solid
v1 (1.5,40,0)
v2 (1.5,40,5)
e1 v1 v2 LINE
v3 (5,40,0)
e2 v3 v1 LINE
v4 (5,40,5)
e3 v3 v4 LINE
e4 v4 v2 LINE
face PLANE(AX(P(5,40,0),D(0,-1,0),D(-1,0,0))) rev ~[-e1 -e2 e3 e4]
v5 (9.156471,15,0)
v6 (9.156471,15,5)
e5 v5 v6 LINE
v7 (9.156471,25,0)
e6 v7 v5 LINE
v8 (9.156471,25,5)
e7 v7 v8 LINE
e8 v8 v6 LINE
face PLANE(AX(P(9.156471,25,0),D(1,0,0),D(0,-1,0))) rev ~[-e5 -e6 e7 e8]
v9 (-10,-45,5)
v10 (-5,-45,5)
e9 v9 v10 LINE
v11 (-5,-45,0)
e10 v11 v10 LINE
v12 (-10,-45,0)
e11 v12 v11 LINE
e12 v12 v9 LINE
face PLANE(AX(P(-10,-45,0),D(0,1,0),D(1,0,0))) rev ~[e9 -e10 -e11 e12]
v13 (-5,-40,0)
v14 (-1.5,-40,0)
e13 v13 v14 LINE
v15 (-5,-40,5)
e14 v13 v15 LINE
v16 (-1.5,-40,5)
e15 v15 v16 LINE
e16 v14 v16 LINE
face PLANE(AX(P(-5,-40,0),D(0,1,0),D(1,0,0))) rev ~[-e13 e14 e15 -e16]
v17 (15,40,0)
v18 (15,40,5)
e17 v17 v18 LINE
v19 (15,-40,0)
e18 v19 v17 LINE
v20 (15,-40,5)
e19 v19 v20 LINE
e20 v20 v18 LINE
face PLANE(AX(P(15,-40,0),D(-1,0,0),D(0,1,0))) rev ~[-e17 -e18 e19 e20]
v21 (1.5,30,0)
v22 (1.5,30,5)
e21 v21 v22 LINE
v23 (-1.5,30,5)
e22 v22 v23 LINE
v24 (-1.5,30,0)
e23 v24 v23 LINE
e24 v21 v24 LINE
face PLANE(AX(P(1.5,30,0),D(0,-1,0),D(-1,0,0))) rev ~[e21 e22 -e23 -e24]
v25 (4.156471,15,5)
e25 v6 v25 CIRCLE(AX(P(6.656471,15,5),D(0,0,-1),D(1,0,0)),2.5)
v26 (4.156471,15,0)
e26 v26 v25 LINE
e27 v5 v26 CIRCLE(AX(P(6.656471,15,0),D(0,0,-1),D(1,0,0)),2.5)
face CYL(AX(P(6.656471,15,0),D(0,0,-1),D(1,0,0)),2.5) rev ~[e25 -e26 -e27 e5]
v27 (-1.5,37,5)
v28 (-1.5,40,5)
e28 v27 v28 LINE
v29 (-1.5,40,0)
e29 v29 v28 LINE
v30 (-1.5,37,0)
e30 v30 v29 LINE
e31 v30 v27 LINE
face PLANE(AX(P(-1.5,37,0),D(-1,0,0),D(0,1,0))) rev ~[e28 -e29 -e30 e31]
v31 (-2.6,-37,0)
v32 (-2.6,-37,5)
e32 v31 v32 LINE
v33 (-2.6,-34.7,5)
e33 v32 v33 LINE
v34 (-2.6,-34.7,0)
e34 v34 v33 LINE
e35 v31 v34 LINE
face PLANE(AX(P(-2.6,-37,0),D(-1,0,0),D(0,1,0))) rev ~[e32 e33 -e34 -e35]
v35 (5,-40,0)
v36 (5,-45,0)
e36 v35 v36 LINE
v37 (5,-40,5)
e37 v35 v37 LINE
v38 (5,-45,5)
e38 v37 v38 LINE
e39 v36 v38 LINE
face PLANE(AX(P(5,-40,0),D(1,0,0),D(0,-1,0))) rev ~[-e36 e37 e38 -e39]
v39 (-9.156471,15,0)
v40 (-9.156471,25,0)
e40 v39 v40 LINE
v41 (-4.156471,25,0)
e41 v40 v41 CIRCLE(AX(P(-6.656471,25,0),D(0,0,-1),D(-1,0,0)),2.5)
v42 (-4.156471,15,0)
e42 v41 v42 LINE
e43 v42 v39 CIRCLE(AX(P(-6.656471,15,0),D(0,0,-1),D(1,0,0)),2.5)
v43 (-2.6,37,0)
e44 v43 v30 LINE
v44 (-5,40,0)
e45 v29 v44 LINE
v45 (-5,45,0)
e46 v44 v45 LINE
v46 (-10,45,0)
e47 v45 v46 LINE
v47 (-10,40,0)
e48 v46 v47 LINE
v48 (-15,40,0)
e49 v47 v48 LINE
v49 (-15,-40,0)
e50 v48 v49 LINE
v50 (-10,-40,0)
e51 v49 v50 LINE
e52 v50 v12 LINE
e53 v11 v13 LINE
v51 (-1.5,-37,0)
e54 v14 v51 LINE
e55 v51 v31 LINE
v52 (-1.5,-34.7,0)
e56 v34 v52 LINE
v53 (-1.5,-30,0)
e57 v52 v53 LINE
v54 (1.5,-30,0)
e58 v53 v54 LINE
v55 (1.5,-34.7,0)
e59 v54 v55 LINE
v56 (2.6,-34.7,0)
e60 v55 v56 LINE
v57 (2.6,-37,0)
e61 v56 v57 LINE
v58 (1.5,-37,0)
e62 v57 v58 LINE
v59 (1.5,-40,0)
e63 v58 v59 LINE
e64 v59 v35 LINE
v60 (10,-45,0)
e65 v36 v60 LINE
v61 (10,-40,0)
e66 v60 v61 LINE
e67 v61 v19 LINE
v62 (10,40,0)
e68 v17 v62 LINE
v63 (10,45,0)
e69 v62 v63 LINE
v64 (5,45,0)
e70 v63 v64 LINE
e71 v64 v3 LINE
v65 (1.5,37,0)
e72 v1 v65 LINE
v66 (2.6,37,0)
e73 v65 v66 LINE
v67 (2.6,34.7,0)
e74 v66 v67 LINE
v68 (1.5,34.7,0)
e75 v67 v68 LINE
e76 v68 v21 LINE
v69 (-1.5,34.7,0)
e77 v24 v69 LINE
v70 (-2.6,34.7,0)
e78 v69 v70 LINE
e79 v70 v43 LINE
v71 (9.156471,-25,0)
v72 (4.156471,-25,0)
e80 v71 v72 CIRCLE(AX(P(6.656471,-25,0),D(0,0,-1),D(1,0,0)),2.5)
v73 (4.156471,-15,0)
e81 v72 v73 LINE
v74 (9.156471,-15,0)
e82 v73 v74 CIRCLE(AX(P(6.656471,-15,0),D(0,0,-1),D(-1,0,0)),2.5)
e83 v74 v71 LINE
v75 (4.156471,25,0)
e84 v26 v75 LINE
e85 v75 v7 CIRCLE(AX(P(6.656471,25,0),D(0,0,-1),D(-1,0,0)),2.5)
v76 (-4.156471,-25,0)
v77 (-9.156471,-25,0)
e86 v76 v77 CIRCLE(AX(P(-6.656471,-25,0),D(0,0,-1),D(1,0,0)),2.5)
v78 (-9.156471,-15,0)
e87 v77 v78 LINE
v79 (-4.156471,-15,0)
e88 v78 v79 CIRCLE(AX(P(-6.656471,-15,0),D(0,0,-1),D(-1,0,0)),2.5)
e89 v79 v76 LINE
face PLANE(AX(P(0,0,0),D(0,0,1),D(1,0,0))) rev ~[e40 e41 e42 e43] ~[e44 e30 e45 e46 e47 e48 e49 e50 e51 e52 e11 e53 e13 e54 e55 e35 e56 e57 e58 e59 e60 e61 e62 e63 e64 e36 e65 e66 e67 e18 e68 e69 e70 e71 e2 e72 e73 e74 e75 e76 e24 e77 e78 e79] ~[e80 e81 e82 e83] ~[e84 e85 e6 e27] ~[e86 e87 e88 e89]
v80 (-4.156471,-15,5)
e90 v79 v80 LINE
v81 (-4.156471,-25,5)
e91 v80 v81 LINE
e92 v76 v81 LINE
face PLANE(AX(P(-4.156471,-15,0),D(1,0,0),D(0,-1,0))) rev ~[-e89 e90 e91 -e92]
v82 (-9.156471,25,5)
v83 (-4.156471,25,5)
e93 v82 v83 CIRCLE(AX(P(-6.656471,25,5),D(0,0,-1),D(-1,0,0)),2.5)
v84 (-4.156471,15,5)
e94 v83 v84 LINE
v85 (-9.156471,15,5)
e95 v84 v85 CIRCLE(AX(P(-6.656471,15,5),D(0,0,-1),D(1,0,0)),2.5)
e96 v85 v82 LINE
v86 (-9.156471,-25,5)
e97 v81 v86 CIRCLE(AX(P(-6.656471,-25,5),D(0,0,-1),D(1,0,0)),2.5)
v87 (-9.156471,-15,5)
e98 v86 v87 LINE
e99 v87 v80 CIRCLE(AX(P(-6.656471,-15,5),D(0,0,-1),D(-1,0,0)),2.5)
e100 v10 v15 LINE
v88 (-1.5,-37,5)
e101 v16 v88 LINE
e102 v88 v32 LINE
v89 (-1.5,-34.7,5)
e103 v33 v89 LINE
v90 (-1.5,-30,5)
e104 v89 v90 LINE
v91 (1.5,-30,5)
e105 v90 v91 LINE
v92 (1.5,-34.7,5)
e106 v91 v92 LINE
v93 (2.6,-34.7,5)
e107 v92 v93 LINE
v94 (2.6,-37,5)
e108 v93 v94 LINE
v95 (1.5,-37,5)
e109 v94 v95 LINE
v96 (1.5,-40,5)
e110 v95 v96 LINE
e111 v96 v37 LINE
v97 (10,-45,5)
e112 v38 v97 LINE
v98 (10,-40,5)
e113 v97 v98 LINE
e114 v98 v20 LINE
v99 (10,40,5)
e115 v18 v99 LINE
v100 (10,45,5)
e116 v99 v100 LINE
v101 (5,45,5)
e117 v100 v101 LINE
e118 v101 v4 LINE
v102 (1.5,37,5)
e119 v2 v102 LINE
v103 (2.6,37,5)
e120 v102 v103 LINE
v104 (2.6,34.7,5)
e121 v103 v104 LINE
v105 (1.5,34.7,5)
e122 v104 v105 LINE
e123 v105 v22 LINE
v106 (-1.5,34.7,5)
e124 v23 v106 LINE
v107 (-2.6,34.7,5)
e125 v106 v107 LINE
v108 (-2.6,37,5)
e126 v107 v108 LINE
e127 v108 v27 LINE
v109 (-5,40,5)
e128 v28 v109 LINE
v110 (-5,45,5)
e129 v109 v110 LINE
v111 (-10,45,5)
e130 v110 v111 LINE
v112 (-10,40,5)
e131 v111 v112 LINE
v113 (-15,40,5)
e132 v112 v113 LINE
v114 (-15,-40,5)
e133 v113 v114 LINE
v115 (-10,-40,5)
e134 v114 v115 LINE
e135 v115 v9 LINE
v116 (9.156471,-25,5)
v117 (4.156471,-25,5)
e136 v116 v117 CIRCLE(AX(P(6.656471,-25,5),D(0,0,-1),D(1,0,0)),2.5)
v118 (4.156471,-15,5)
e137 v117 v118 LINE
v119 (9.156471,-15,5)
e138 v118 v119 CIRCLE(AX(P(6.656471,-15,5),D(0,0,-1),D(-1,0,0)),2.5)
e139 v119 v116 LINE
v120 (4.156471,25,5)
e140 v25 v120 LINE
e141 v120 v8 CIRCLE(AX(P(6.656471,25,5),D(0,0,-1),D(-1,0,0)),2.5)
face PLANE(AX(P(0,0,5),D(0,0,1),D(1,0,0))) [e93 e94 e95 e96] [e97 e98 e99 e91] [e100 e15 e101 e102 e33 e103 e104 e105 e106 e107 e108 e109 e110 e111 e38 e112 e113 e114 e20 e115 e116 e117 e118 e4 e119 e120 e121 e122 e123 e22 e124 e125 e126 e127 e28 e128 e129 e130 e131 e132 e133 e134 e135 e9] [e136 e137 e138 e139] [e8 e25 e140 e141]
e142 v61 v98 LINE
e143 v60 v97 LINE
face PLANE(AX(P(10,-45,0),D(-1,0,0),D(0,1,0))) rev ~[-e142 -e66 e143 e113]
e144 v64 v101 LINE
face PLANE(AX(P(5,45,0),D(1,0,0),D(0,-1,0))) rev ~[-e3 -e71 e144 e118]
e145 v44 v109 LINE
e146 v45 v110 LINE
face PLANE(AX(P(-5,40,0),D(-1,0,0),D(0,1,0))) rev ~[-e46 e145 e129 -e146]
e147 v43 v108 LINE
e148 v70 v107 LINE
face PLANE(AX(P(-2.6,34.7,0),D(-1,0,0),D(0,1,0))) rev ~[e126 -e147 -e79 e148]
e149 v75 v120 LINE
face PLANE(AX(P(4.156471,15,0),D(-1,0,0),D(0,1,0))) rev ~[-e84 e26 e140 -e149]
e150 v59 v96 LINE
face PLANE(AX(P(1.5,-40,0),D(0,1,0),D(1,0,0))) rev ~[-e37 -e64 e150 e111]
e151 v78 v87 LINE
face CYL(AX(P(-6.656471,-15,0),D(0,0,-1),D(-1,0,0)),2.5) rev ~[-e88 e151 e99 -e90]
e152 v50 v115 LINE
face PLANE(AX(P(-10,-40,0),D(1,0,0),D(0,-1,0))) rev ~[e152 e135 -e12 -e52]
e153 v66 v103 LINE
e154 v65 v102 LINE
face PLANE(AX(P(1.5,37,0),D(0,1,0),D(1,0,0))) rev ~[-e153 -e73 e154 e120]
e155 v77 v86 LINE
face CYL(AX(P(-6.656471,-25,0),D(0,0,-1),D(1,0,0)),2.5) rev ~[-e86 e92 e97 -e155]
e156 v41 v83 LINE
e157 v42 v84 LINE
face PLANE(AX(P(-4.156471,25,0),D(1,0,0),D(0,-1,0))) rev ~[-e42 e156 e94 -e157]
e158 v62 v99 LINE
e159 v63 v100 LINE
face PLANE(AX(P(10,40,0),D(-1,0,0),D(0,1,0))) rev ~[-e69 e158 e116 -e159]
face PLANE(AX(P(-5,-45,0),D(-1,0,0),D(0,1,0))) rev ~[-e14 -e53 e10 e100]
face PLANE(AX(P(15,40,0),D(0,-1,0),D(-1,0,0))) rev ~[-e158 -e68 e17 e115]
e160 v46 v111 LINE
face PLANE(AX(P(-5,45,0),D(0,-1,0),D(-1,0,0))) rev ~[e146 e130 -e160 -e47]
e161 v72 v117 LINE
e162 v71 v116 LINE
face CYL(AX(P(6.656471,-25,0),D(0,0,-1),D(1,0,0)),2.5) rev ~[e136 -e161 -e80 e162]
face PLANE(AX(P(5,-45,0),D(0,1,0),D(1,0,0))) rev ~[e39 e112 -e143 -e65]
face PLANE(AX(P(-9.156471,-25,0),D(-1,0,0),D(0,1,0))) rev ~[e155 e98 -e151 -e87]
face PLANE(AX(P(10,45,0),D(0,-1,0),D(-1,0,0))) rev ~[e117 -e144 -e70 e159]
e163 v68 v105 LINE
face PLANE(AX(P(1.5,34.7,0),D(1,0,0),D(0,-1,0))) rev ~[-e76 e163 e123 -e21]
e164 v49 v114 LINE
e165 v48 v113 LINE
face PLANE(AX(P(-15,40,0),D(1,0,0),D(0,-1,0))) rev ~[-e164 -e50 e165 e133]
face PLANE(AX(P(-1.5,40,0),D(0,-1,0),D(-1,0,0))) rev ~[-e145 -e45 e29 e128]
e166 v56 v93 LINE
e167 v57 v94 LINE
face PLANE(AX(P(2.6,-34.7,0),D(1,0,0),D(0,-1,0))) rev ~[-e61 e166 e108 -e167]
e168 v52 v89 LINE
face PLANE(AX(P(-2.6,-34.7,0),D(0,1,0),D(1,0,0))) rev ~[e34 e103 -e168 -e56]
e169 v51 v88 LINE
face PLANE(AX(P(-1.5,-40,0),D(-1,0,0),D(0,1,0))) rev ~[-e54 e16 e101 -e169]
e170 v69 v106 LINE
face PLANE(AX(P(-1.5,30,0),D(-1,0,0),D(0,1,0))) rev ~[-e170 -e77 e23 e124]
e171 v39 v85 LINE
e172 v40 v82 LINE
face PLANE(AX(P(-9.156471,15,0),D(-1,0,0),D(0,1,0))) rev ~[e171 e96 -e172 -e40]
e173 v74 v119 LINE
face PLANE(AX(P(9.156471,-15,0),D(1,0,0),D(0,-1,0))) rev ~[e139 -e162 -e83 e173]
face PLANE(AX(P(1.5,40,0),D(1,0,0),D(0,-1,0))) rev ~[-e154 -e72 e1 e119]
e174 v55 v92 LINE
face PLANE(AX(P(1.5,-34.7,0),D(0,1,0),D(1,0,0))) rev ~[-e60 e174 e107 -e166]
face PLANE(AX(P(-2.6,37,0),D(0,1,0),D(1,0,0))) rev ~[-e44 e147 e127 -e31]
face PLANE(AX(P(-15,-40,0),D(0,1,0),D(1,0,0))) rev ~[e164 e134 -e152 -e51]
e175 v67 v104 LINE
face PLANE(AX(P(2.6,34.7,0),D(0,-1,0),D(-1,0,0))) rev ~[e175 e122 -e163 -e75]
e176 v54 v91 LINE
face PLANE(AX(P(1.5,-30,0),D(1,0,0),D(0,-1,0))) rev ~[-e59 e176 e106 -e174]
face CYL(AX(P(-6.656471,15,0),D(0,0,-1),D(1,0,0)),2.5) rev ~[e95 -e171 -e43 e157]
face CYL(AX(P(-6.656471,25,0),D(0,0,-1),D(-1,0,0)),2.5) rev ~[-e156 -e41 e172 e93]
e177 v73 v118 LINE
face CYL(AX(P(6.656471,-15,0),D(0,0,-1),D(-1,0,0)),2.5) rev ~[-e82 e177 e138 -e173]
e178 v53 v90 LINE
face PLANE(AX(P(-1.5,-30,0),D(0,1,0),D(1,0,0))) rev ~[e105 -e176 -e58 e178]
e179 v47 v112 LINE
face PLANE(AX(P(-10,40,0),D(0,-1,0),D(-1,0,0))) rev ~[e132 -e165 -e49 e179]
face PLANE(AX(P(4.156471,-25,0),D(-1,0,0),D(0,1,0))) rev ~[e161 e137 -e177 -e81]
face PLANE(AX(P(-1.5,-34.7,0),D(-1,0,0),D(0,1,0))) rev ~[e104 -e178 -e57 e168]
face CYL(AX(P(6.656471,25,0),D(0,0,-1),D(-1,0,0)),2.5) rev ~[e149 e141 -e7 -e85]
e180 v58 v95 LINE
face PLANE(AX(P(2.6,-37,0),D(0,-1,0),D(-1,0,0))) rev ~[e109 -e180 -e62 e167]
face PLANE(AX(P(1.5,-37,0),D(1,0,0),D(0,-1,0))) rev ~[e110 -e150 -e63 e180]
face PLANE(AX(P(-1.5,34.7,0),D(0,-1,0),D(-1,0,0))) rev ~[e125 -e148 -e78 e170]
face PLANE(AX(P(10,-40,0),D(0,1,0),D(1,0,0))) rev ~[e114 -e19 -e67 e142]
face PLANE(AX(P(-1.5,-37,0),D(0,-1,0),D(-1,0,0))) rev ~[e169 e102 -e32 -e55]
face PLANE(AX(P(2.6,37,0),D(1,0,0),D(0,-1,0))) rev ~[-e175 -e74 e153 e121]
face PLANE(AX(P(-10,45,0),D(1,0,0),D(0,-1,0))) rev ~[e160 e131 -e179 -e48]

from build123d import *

# Parameters (mm, degrees)
BOSS_EXTRUDE1_DEPTH = 5


with BuildPart() as part:
    # Sketch1 → Boss-Extrude1 (new body)
    with BuildSketch(Plane.XY):
        Polygon((-10, 40), (-15, 40), (-15, -40), (-10, -40), (-10, -45), (-5, -45), (-5, -40), (-1.5, -40), (-1.5, -37), (-2.6, -37), (-2.6, -34.7), (-1.5, -34.7), (-1.5, -30), (1.5, -30), (1.5, -34.7), (2.6, -34.7), (2.6, -37), (1.5, -37), (1.5, -40), (5, -40), (5, -45), (10, -45), (10, -40), (15, -40), (15, 40), (10, 40), (10, 45), (5, 45), (5, 40), (1.5, 40), (1.5, 37), (2.6, 37), (2.6, 34.7), (1.5, 34.7), (1.5, 30), (-1.5, 30), (-1.5, 34.7), (-2.6, 34.7), (-2.6, 37), (-1.5, 37), (-1.5, 40), (-5, 40), (-5, 45), (-10, 45), align=None)
        with BuildLine():
            ThreePointArc((-4.156470727, -25), (-6.656470727, -27.5), (-9.156470727, -25))
            Line((-9.156470727, -25), (-9.156470727, -15))
            ThreePointArc((-9.156470727, -15), (-6.656470727, -12.5), (-4.156470727, -15))
            Line((-4.156470727, -15), (-4.156470727, -25))
        make_face(mode=Mode.SUBTRACT)
        with BuildLine():
            Line((9.156470727, -15), (9.156470727, -25))
            ThreePointArc((9.156470727, -25), (6.656470727, -27.5), (4.156470727, -25))
            Line((4.156470727, -25), (4.156470727, -15))
            ThreePointArc((4.156470727, -15), (6.656470727, -12.5), (9.156470727, -15))
        make_face(mode=Mode.SUBTRACT)
        with BuildLine():
            Line((-9.156470727, 15), (-9.156470727, 25))
            ThreePointArc((-9.156470727, 25), (-6.656470727, 27.5), (-4.156470727, 25))
            Line((-4.156470727, 25), (-4.156470727, 15))
            ThreePointArc((-4.156470727, 15), (-6.656470727, 12.5), (-9.156470727, 15))
        make_face(mode=Mode.SUBTRACT)
        with BuildLine():
            ThreePointArc((4.156470727, 25), (6.656470727, 27.5), (9.156470727, 25))
            Line((9.156470727, 25), (9.156470727, 15))
            ThreePointArc((9.156470727, 15), (6.656470727, 12.5), (4.156470727, 15))
            Line((4.156470727, 15), (4.156470727, 25))
        make_face(mode=Mode.SUBTRACT)
    extrude(amount=BOSS_EXTRUDE1_DEPTH)


solid = part.part
